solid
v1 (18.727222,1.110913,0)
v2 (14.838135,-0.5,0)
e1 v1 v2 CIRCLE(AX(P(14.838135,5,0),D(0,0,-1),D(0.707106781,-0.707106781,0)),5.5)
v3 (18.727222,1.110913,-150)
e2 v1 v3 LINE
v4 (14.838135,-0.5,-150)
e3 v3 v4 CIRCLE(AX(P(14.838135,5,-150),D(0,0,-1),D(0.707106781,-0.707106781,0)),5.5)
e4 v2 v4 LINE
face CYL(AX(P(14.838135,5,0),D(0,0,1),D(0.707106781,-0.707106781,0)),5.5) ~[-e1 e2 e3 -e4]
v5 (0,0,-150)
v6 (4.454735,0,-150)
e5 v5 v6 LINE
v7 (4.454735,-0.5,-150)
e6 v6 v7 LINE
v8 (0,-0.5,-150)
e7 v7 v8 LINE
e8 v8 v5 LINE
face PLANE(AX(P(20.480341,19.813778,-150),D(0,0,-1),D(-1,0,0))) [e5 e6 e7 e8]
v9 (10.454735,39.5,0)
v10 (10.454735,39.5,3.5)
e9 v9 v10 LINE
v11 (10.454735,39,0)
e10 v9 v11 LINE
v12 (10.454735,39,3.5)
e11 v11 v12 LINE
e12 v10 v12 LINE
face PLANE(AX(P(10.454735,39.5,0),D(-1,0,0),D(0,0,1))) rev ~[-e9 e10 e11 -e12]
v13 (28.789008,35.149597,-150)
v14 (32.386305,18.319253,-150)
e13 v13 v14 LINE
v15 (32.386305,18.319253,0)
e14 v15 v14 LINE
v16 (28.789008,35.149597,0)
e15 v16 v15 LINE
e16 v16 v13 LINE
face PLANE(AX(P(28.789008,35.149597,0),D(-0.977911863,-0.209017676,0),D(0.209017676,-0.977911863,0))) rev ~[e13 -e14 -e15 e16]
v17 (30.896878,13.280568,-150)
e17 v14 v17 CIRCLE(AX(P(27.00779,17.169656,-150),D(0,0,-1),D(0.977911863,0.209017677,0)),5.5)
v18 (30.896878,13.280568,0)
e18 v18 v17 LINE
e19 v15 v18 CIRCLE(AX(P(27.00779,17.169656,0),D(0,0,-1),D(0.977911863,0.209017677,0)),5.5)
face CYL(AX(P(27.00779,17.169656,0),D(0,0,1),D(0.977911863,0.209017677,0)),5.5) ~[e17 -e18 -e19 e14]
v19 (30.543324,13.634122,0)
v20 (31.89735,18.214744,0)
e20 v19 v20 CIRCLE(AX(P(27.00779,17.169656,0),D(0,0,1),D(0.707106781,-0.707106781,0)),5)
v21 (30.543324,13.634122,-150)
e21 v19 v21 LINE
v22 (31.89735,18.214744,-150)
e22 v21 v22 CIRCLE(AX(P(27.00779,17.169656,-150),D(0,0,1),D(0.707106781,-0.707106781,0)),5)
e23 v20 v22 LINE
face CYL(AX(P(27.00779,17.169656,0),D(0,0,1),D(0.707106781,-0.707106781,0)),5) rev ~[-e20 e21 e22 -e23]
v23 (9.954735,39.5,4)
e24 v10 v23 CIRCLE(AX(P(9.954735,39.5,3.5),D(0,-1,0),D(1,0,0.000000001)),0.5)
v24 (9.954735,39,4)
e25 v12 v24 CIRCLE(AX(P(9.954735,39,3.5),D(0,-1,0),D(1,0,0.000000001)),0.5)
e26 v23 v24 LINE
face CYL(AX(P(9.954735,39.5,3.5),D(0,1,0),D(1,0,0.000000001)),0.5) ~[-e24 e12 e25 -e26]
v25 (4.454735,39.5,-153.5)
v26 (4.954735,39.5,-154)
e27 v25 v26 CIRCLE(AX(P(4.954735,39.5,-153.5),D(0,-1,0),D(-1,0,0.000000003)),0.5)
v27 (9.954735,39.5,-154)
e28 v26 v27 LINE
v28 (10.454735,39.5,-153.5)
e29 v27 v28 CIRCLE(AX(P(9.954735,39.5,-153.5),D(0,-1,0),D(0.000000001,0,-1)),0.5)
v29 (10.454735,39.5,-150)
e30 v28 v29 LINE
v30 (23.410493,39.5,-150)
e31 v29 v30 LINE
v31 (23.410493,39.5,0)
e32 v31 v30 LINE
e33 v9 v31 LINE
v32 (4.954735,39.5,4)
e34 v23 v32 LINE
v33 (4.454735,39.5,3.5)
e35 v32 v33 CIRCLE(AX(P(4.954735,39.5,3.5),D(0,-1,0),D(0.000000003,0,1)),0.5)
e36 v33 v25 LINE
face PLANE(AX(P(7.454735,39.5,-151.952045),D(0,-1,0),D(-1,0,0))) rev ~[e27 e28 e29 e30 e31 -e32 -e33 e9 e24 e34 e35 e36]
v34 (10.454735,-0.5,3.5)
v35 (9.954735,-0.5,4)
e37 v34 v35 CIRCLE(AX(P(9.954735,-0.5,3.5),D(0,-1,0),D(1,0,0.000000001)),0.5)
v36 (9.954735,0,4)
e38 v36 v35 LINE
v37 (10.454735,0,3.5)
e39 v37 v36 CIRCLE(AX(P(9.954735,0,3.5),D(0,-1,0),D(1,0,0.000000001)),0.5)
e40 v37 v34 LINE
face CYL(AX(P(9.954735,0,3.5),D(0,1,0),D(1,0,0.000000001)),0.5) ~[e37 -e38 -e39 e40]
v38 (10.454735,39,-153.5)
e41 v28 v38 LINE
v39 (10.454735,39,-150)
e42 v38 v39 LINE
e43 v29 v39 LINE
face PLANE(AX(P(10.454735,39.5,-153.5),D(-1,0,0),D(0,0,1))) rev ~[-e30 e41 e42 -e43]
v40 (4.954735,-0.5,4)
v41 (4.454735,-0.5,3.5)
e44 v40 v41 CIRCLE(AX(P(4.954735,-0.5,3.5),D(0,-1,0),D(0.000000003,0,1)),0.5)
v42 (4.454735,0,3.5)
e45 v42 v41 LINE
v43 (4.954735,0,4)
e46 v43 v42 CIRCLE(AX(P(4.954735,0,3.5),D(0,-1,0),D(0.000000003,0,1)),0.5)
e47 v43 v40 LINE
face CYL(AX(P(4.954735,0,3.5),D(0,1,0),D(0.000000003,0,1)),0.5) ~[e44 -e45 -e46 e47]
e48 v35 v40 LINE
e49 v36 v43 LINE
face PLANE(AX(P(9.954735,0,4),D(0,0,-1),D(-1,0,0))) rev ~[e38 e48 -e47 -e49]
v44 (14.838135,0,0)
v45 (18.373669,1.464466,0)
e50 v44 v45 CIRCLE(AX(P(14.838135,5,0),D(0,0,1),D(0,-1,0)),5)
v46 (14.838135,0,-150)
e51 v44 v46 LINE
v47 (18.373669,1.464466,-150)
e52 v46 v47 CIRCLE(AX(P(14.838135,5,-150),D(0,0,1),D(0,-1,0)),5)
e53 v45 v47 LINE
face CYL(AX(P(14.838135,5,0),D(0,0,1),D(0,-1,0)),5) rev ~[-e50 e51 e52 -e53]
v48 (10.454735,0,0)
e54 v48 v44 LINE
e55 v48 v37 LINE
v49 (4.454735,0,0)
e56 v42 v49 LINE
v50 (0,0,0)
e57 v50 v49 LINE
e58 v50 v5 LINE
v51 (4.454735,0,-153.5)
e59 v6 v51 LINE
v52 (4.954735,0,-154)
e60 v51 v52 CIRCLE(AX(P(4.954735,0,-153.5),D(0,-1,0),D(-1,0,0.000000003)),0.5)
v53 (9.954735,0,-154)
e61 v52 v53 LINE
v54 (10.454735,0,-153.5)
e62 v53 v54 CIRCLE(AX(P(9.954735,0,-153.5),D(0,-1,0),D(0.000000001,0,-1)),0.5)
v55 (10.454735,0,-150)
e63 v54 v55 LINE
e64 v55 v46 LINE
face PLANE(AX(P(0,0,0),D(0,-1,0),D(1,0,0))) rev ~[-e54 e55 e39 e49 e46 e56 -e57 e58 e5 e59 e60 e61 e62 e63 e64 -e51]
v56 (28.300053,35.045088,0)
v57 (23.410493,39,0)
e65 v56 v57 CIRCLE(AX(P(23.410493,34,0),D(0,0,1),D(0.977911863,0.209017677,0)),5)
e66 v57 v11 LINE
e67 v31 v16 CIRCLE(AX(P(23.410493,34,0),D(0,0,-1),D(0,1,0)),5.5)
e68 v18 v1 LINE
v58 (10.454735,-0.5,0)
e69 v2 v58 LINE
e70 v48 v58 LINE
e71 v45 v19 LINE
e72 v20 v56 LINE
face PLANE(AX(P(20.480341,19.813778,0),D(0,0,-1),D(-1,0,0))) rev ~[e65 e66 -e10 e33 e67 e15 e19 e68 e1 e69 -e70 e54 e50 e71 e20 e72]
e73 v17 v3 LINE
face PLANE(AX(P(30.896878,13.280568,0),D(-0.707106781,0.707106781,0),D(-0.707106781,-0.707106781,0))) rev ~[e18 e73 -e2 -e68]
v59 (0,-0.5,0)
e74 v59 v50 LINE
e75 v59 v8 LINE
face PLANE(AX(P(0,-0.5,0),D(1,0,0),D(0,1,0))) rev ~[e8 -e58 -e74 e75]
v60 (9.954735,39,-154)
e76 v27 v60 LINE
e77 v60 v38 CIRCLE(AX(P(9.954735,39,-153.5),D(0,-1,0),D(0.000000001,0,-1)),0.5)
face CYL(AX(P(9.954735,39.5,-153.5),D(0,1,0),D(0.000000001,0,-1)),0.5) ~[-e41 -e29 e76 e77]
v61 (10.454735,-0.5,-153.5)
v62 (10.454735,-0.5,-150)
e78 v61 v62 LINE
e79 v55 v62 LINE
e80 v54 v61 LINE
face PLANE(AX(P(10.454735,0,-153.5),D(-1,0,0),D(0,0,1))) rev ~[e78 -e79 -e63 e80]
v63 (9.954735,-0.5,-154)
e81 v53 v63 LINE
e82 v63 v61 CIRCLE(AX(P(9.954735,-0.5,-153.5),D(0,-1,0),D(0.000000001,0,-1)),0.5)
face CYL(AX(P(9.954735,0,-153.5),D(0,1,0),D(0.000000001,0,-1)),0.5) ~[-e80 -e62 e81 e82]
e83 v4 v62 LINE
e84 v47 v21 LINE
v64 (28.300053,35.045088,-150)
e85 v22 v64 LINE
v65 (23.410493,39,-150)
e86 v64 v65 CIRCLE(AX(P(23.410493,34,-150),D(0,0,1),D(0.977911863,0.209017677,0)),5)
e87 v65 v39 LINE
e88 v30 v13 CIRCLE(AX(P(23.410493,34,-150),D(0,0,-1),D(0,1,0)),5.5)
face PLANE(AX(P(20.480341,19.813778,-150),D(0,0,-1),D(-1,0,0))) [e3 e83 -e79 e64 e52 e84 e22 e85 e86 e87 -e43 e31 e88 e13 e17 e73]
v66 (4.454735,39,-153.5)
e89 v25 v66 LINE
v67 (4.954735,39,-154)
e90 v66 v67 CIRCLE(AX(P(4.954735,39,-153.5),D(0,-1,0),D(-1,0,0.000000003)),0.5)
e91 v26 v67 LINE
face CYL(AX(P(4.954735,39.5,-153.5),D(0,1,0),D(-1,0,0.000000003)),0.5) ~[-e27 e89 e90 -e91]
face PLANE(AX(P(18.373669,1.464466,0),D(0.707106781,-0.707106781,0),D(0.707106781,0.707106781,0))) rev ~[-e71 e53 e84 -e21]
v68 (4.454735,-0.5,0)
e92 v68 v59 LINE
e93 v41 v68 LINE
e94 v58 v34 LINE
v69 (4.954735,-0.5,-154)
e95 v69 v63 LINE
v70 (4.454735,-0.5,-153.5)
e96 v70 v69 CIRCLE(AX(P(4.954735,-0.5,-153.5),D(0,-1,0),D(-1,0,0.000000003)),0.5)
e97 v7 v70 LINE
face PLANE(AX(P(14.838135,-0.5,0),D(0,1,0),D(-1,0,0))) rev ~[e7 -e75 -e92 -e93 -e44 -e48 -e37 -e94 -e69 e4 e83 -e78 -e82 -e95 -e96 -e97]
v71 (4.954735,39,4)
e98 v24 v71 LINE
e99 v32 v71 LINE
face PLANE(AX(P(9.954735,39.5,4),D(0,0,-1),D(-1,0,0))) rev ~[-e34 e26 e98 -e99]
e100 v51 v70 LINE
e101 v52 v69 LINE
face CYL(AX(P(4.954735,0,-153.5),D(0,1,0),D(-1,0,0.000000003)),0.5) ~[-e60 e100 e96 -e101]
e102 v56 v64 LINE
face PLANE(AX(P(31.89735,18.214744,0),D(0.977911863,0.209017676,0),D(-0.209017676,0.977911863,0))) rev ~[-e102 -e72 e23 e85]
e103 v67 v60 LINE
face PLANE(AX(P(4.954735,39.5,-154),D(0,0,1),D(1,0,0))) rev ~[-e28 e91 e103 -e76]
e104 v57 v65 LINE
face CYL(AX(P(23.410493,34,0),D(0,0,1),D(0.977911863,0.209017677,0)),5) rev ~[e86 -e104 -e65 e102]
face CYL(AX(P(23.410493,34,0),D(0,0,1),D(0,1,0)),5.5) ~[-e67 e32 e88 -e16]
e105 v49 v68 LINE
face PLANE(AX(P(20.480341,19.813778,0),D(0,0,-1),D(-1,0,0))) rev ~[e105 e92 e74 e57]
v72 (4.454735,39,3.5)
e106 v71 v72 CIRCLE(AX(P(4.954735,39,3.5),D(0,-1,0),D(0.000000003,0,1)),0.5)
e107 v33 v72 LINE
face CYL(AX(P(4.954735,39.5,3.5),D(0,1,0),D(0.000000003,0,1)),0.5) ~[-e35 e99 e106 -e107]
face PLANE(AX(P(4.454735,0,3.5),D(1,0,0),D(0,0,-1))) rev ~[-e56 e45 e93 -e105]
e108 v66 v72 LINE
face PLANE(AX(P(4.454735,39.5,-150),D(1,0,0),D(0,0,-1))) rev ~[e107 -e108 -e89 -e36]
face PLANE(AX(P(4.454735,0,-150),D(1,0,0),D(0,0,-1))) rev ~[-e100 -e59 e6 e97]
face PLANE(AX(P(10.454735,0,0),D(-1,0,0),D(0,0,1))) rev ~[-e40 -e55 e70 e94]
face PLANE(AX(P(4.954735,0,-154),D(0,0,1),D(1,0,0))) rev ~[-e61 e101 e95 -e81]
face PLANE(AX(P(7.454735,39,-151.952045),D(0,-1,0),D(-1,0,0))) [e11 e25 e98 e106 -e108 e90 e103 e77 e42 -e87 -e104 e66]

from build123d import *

# Parameters (mm, degrees)
BOSS_EXTRUDE1_DEPTH = 150
BOSS_EXTRUDE2_DEPTH = 0.5
BOSS_EXTRUDE3_START = -0.5
BOSS_EXTRUDE3_DEPTH = 0.5


with BuildPart() as part:
    # Sketch1 → Boss-Extrude1 (new body)
    with BuildSketch(Plane.XY):
        with BuildLine():
            Line((0, 0), (14.838134608, 0))
            ThreePointArc((14.838134608, 0), (16.75155177, 0.380602337), (18.373668514, 1.464466094))
            Line((18.373668514, 1.464466094), (30.543324162, 13.634121742))
            ThreePointArc((30.543324162, 13.634121742), (31.802691096, 15.752289806), (31.897349569, 18.214744029))
            Line((31.897349569, 18.214744029), (28.300052509, 35.045088382))
            ThreePointArc((28.300052509, 35.045088382), (26.554897598, 37.887508322), (23.410493196, 39))
            Line((23.410493196, 39), (4.454734574, 39))
            Line((4.454734574, 39), (4.454734574, 39.5))
            Line((4.454734574, 39.5), (23.410493196, 39.5))
            ThreePointArc((23.410493196, 39.5), (26.869338039, 38.276259154), (28.78900844, 35.14959722))
            Line((28.78900844, 35.14959722), (32.3863055, 18.319252867))
            ThreePointArc((32.3863055, 18.319252867), (32.282181181, 15.610553222), (30.896877552, 13.280568351))
            Line((30.896877552, 13.280568351), (18.727221905, 1.110912703))
            ThreePointArc((18.727221905, 1.110912703), (16.942893486, -0.081337429), (14.838134608, -0.5))
            Line((14.838134608, -0.5), (0, -0.5))
            Line((0, -0.5), (0, 0))
        make_face()
    extrude(amount=-BOSS_EXTRUDE1_DEPTH)

    # Sketch2 → Boss-Extrude2 (add)
    with BuildSketch(Plane(origin=(0, 39.5, 0), x_dir=(1, 0, 0), z_dir=(0, 1, 0))):
        with BuildLine():
            Line((4.454734574, 150), (4.454734574, 153.5))
            ThreePointArc((4.454734574, 153.5), (4.601181183, 153.853553391), (4.954734574, 154))
            Line((4.954734574, 154), (9.954734574, 154))
            ThreePointArc((9.954734574, 154), (10.308287964, 153.853553391), (10.454734574, 153.5))
            Line((10.454734574, 153.5), (10.454734574, 150))
            Line((10.454734574, 150), (4.454734574, 150))
        make_face()
        with BuildLine():
            Line((4.454734574, 0), (10.454734574, 0))
            Line((10.454734574, 0), (10.454734574, -3.5))
            ThreePointArc((10.454734574, -3.5), (10.308287964, -3.853553391), (9.954734574, -4))
            Line((9.954734574, -4), (4.954734574, -4))
            ThreePointArc((4.954734574, -4), (4.601181183, -3.853553391), (4.454734574, -3.5))
            Line((4.454734574, -3.5), (4.454734574, 0))
        make_face()
    extrude(amount=-BOSS_EXTRUDE2_DEPTH)

    # Sketch3 → Boss-Extrude3 (add)
    with BuildSketch(Plane.XZ.offset(0.5).offset(BOSS_EXTRUDE3_START)):
        with BuildLine():
            Line((10.454734574, -150), (4.454734574, -150))
            Line((4.454734574, -150), (4.454734574, -153.5))
            ThreePointArc((4.454734574, -153.5), (4.601181183, -153.853553391), (4.954734574, -154))
            Line((4.954734574, -154), (9.954734574, -154))
            ThreePointArc((9.954734574, -154), (10.308287964, -153.853553391), (10.454734574, -153.5))
            Line((10.454734574, -153.5), (10.454734574, -150))
        make_face()
        with BuildLine():
            Line((10.454734574, 0), (10.454734574, 3.5))
            ThreePointArc((10.454734574, 3.5), (10.308287964, 3.853553391), (9.954734574, 4))
            Line((9.954734574, 4), (4.954734574, 4))
            ThreePointArc((4.954734574, 4), (4.601181183, 3.853553391), (4.454734574, 3.5))
            Line((4.454734574, 3.5), (4.454734574, 0))
            Line((4.454734574, 0), (10.454734574, 0))
        make_face()
    extrude(amount=BOSS_EXTRUDE3_DEPTH)


solid = part.part
